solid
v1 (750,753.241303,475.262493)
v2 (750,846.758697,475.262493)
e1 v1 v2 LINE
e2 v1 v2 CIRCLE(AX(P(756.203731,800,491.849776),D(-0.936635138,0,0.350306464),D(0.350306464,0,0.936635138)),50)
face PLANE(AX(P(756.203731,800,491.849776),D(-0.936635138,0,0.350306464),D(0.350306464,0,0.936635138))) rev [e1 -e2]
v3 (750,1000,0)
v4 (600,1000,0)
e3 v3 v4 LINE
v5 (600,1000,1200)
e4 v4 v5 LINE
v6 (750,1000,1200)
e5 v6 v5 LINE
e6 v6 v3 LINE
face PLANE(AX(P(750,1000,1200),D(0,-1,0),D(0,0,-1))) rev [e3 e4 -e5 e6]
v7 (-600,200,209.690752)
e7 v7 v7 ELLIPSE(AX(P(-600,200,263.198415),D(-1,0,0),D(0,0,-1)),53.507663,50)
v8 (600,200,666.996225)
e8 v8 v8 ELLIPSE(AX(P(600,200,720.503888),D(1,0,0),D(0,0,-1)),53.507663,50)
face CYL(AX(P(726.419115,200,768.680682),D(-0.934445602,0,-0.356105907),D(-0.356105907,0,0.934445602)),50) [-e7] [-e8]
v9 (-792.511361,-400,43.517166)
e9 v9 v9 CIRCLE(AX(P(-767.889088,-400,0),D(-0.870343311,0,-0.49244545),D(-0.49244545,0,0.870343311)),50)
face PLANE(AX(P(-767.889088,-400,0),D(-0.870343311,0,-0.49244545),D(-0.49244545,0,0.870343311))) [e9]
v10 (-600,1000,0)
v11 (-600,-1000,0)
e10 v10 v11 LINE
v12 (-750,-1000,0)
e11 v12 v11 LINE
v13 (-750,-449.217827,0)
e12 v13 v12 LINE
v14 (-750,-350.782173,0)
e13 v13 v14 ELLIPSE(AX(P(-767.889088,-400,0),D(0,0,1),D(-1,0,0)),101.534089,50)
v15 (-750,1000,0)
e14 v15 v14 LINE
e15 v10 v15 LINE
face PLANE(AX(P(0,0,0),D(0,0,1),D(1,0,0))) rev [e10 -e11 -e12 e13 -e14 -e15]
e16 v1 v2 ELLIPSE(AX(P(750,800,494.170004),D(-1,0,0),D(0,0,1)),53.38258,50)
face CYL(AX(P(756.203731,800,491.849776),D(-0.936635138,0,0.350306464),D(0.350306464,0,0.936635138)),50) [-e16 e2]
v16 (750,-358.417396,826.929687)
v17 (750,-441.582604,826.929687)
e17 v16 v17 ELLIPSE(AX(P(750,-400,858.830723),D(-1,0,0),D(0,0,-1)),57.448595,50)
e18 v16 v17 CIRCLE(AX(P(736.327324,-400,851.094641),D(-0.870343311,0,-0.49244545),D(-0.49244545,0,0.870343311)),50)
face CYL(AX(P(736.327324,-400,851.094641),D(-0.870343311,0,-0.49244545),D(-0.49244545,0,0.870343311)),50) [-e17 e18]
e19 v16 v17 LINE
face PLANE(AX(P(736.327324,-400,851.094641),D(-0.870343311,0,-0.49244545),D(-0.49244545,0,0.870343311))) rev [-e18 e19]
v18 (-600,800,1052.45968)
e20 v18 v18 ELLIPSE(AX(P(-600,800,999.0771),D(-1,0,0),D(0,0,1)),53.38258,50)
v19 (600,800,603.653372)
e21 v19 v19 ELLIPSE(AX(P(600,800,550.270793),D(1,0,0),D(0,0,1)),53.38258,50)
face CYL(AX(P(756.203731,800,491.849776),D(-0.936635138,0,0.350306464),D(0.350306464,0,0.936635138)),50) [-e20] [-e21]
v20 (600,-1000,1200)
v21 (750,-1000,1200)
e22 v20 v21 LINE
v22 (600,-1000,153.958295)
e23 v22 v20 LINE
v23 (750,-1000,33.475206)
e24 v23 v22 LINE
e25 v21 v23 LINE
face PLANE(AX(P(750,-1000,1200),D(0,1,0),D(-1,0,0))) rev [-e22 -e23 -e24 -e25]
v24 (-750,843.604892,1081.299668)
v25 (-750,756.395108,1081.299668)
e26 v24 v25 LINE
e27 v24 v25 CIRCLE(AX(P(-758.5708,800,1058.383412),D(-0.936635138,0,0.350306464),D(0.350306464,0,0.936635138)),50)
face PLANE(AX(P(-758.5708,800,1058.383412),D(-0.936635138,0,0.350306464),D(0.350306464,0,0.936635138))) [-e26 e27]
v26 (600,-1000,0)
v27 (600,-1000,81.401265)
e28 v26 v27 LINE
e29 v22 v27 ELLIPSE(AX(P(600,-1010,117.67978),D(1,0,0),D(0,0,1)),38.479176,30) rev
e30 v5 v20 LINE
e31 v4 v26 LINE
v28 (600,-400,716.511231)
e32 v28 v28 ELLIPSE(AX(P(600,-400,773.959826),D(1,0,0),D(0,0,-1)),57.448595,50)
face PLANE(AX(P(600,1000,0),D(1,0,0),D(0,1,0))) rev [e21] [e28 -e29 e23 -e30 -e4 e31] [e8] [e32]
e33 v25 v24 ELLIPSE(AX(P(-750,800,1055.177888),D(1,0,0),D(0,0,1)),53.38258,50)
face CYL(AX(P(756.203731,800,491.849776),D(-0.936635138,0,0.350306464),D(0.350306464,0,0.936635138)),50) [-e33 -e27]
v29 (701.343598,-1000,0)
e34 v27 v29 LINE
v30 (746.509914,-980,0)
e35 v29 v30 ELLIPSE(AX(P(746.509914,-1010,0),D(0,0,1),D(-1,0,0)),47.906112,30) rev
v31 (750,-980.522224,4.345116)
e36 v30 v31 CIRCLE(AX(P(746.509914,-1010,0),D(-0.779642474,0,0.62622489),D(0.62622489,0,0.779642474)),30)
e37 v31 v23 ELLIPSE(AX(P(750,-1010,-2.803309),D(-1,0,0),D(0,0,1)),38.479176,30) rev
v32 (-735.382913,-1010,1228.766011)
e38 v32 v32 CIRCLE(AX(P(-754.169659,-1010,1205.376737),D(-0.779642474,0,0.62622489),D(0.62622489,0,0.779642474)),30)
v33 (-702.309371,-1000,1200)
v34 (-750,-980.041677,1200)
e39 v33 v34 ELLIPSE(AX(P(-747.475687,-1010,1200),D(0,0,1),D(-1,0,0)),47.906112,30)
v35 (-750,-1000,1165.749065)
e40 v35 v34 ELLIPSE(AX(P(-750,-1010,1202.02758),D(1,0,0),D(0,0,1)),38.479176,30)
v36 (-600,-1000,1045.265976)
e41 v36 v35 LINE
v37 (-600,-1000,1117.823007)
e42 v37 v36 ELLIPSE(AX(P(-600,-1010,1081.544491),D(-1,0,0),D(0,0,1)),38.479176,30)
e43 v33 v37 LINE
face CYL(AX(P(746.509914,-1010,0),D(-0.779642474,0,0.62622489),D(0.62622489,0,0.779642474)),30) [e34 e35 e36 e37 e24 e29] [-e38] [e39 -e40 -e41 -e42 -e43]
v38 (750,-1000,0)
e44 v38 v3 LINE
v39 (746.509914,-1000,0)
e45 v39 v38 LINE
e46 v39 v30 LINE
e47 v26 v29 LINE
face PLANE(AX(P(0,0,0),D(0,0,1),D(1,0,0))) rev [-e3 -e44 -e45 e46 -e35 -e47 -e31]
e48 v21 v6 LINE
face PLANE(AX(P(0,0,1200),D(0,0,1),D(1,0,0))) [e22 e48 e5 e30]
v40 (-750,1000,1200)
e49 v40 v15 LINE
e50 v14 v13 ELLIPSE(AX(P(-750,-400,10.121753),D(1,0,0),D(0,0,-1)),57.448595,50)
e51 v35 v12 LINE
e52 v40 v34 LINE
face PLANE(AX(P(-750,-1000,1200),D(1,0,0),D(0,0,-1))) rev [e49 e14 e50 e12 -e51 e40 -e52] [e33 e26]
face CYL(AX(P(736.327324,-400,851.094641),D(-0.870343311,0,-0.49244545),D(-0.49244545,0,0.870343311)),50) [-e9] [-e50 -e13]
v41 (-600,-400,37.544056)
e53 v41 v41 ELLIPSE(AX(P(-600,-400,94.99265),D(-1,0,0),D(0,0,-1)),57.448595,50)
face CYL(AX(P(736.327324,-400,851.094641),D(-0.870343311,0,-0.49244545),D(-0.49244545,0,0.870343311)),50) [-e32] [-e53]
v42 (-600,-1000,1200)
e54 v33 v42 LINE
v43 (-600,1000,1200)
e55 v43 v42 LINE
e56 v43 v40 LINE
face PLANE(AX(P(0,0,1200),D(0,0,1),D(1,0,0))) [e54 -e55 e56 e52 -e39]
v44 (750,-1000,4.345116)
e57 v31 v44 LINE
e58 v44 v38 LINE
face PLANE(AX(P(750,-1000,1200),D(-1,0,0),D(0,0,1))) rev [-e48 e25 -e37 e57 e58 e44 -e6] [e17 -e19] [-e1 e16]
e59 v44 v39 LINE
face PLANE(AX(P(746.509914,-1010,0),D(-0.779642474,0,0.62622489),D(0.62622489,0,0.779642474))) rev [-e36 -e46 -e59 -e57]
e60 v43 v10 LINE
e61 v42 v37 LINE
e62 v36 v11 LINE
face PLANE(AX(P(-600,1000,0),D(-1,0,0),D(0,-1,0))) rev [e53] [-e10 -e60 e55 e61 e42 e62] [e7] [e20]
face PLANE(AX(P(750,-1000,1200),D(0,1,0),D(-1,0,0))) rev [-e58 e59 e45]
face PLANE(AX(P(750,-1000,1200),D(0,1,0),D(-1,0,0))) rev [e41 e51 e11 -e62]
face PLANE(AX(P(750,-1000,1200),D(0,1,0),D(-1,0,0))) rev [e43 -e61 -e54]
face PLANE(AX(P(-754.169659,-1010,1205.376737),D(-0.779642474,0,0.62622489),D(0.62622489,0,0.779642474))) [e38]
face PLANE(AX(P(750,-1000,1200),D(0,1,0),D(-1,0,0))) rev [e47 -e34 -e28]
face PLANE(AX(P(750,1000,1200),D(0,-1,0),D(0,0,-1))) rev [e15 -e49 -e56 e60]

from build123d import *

# Parameters (mm, degrees)
SKETCH_1_W          = 1500
SKETCH_1_H          = 2000
EXTRUDE_1_DEPTH     = 1200
SKETCH_2_W          = 1200
SKETCH_2_H          = 1200
CUT_EXTRUDE_1_DEPTH = 2000
SWEEP_1_PROFILE_R   = 30
SWEEP_2_PROFILE_R   = 50
SWEEP_3_PROFILE_R   = 50
SWEEP_4_PROFILE_R   = 50


with BuildPart() as part:
    # ｽｹｯﾁ1 → ﾎﾞｽ - 押し出し1 (new body)
    with BuildSketch(Plane.XY):
        Rectangle(SKETCH_1_W, SKETCH_1_H)
    extrude(amount=EXTRUDE_1_DEPTH)

    # ｽｹｯﾁ2 → ｶｯﾄ - 押し出し1 (cut)
    with BuildSketch(Plane.XZ.offset(1000)):
        with Locations((0, 600)):
            Rectangle(SKETCH_2_W, SKETCH_2_H)
    extrude(amount=-CUT_EXTRUDE_1_DEPTH, mode=Mode.SUBTRACT)

    # ｽｲｰﾌﾟ1: sweep along a path in ｽｹｯﾁ5
    with BuildLine(Plane(origin=(0, -1010, 0), x_dir=(-1, 0, 0), z_dir=(0, -1, 0))) as sweep_1_path:
        Line((-746.509913614, 0), (754.169659327, -1205.37673669))
    # ｽｲｰﾌﾟ1 profile (on start of the path) → ｽｲｰﾌﾟ1 (sweep)
    with BuildSketch(Plane(origin=(746.509913614, -1010, 0), x_dir=(-0.62622489, 0, -0.779642474), z_dir=(-0.779642474, 0, 0.62622489))):
        Circle(SWEEP_1_PROFILE_R)
    sweep(path=sweep_1_path.line)

    # ｽｲｰﾌﾟ2: sweep along a path in ｽｹｯﾁ6
    with BuildLine(Plane(origin=(0, -400, 0), x_dir=(-1, 0, 0), z_dir=(0, -1, 0))) as sweep_2_path:
        Line((-736.327324349, -851.094641134), (767.889088403, 0))
    # ｽｲｰﾌﾟ2 profile (on start of the path) → ｽｲｰﾌﾟ2 (sweep)
    with BuildSketch(Plane(origin=(736.327324349, -400, 851.094641134), x_dir=(0.49244545, 0, -0.870343311), z_dir=(-0.870343311, 0, -0.49244545))):
        Circle(SWEEP_2_PROFILE_R)
    sweep(path=sweep_2_path.line)

    # ｽｲｰﾌﾟ3: sweep along a path in ｽｹｯﾁ35
    with BuildLine(Plane(origin=(0, 800, 0), x_dir=(-1, 0, 0), z_dir=(0, -1, 0))) as sweep_3_path:
        Line((-756.203731204, -491.849776028), (758.570800051, -1058.383412401))
    # ｽｲｰﾌﾟ3 profile (on start of the path) → ｽｲｰﾌﾟ3 (sweep)
    with BuildSketch(Plane(origin=(756.203731204, 800, 491.849776028), x_dir=(-0.350306464, 0, -0.936635138), z_dir=(-0.936635138, 0, 0.350306464))):
        Circle(SWEEP_3_PROFILE_R)
    sweep(path=sweep_3_path.line)

    # ｽｲｰﾌﾟ4: sweep along a path in ｽｹｯﾁ50
    with BuildLine(Plane(origin=(0, 200, 0), x_dir=(-1, 0, 0), z_dir=(0, -1, 0))) as sweep_4_path:
        Line((-726.41911479, -768.680681773), (692.023773595, -228.12926873))
    # ｽｲｰﾌﾟ4 profile (on start of the path) → ｽｲｰﾌﾟ4 (sweep)
    with BuildSketch(Plane(origin=(726.41911479, 200, 768.680681773), x_dir=(0.356105907, 0, -0.934445602), z_dir=(-0.934445602, 0, -0.356105907))):
        Circle(SWEEP_4_PROFILE_R)
    sweep(path=sweep_4_path.line)


solid = part.part
